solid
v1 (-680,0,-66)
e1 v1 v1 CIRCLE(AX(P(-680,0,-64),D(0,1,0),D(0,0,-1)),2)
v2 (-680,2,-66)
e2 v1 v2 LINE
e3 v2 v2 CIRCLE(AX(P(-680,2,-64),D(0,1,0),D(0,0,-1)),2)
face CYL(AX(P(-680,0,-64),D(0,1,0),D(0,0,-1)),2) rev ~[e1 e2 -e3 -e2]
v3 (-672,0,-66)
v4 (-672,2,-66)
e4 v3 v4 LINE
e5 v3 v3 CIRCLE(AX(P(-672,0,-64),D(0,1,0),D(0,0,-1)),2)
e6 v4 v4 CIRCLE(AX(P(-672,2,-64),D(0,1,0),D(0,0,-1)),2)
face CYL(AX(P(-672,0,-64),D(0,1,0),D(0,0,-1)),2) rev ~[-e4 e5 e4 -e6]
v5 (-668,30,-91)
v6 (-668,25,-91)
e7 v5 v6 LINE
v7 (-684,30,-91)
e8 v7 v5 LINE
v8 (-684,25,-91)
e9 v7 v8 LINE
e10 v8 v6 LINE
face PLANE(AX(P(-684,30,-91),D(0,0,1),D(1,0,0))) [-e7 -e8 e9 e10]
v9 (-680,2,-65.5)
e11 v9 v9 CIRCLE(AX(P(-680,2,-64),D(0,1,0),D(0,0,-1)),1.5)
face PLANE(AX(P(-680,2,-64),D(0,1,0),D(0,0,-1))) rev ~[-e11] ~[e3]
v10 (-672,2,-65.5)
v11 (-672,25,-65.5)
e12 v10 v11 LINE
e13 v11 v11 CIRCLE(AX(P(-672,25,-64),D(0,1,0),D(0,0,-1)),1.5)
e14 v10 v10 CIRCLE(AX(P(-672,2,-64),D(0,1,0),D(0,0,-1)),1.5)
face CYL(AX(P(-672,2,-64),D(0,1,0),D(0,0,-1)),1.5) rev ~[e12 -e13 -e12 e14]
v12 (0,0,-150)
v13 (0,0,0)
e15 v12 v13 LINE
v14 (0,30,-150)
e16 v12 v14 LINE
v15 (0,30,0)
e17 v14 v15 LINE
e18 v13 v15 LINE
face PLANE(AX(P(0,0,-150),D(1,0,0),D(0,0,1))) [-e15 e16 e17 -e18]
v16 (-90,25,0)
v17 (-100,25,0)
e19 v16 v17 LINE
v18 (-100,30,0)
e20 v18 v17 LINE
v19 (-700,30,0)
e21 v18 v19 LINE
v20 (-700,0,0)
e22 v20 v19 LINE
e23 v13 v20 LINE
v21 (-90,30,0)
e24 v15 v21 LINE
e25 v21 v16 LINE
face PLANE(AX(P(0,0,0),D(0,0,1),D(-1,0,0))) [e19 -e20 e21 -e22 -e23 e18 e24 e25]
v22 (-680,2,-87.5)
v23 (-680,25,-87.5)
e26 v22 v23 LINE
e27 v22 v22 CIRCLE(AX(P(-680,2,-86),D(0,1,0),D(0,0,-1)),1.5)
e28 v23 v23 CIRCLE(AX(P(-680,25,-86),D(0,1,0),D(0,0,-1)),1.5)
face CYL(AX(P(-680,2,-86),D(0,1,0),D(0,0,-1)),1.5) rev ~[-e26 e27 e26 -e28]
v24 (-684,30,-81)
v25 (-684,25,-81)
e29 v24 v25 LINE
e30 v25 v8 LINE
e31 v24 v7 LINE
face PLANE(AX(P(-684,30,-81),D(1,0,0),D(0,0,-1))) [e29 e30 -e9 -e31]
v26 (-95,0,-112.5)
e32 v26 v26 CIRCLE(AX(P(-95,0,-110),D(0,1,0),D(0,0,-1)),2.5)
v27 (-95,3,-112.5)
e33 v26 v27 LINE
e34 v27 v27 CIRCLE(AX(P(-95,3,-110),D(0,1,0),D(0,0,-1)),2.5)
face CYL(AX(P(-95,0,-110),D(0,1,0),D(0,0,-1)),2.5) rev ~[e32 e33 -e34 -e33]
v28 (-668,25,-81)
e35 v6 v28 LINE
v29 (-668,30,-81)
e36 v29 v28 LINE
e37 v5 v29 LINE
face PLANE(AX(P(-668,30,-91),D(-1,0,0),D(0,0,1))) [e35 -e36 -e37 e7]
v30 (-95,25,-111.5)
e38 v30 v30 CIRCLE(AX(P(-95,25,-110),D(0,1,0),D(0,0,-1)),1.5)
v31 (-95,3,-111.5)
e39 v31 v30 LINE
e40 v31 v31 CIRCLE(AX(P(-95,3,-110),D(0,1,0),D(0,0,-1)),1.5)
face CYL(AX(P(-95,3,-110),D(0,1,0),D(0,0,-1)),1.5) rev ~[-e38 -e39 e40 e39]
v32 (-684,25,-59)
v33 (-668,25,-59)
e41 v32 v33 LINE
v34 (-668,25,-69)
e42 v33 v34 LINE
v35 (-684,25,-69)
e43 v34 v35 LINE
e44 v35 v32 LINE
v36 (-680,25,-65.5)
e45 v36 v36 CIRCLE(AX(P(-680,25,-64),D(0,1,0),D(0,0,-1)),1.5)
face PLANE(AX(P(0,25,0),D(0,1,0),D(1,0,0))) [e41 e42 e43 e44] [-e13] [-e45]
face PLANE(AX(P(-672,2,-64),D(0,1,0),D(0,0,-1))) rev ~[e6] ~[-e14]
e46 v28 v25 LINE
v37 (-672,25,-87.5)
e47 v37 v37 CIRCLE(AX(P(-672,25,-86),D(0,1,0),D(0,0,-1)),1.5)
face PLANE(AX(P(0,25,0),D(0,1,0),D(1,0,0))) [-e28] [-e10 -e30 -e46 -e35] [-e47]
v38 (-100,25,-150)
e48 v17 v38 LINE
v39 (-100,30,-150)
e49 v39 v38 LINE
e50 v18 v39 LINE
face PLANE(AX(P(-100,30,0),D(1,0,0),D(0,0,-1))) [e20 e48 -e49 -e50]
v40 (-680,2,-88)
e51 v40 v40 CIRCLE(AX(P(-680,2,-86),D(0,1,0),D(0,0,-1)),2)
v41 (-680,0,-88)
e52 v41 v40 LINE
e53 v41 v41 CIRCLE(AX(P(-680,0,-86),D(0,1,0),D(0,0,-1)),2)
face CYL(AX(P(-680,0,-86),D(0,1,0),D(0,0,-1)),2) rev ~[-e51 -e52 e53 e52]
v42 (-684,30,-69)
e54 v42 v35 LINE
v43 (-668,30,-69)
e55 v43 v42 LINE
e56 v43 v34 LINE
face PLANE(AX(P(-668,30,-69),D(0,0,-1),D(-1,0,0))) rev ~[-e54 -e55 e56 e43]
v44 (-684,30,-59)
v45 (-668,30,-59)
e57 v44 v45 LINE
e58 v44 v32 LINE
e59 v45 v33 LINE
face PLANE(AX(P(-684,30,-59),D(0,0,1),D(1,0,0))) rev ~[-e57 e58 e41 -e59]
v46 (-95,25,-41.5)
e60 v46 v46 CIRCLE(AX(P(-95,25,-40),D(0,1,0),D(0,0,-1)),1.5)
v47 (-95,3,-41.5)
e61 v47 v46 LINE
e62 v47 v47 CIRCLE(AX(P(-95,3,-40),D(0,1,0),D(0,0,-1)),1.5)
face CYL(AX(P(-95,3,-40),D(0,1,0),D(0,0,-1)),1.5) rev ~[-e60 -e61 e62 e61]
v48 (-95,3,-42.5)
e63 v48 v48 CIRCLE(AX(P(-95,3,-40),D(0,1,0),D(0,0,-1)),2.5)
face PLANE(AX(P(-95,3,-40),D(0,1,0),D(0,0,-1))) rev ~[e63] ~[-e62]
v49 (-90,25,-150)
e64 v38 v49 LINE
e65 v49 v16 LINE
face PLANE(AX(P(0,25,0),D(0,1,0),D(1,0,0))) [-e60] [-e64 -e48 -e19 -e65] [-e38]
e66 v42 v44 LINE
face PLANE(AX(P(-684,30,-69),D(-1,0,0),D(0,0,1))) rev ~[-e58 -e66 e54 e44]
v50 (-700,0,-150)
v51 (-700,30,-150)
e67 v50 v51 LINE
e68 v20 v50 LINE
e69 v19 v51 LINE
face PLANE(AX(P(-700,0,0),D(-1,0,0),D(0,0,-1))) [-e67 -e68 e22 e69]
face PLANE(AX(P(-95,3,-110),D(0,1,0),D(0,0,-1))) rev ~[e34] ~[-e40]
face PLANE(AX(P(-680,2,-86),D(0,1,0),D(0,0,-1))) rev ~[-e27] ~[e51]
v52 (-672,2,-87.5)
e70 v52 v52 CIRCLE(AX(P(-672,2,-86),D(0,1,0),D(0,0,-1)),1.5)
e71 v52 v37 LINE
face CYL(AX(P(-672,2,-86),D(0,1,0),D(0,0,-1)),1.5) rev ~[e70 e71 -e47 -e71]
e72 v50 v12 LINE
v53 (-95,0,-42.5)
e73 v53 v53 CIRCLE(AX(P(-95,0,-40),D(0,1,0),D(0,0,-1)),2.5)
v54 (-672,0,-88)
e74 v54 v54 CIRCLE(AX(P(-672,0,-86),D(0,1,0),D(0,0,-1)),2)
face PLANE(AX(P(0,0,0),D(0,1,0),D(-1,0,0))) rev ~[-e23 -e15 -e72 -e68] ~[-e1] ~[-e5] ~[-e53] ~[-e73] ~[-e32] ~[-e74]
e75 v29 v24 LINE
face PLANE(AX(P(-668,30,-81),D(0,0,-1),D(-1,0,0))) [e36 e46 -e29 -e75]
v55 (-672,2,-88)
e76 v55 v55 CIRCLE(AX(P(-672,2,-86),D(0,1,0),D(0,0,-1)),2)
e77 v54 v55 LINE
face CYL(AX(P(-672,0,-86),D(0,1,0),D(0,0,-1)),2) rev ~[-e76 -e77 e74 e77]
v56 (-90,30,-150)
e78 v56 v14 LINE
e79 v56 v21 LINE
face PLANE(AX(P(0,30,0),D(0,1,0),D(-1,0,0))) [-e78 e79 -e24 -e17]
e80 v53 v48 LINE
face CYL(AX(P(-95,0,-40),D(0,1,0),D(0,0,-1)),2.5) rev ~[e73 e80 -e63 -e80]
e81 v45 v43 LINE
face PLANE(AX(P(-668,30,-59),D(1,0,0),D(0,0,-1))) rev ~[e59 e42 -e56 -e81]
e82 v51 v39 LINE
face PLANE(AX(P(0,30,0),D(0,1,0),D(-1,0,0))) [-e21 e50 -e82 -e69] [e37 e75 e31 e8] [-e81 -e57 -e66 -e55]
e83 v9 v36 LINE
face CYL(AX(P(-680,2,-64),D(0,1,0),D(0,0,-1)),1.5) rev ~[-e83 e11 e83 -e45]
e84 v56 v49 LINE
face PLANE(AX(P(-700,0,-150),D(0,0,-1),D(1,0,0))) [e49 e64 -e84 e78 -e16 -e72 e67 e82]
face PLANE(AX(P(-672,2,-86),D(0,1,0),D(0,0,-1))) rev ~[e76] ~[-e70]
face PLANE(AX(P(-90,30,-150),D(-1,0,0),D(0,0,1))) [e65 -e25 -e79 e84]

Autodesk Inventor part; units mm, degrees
ref_plane "YZ Plane" through (0, 0, 0) normal (1, 0, 0) x (0, 1, 0)
ref_plane "XZ Plane" through (0, 0, 0) normal (0, 1, 0) x (-1, 0, 0)
ref_plane "XY Plane" through (0, 0, 0) normal (0, 0, 1) x (1, 0, 0)
sketch "Sketch1" plane through (0, 0, 0) normal (0, 1, 0) x (-1, 0, 0)
  line L0 (0, 0) -> (700, 0)
  line L1 (700, 0) -> (700, -150)
  line L2 (700, -150) -> (0, -150)
  line L3 (0, -150) -> (0, 0)
  dimension "d0" = 700
  dimension "d1" = 150
extrude "Extrusion1" add sketch "Sketch1" along normal blind 30
sketch "Sketch2" plane through (0, 30, 0) normal (0, 1, 0) x (1, 0, 0)
  line L0 (-684, 59) -> (-668, 59)
  line L1 (-668, 59) -> (-668, 69)
  line L2 (-668, 69) -> (-684, 69)
  line L3 (-684, 69) -> (-684, 59)
  line L4 (-700, 150) -> (-700, 0) projected
  line L5 (-700, 75) -> (-334.1666, 75) construction
  line L6 (-684, 91) -> (-668, 91)
  line L7 (-668, 91) -> (-668, 81)
  line L8 (-668, 81) -> (-684, 81)
  line L9 (-684, 81) -> (-684, 91)
  point P0 (0, 0)
  dimension "d4" = 6
  dimension "d5" = 16
  dimension "d6" = 16
  dimension "d7" = 10
extrude "Extrusion2" cut sketch "Sketch2" against normal blind 5
sketch "Sketch4" plane through (0, 30, 0) normal (0, 1, 0) x (1, 0, 0)
  line L0 (-100, 150) -> (-90, 150)
  line L1 (-90, 150) -> (-90, 0)
  line L2 (-90, 0) -> (-100, 0)
  line L3 (-100, 0) -> (-100, 150)
  line L4 (-700, 150) -> (-700, 0) projected
  line L5 (0, 150) -> (-700, 150) projected
  point P0 (0, 0)
  dimension "d10" = 600
  dimension "d11" = 10
  dimension "d14" = 0
extrude "Extrusion3" cut sketch "Sketch4" against normal blind 5
sketch "Sketch5" plane through (0, 0, 0) normal (0, -1, 0) x (1, 0, 0)
  line L0 (-90, -150) -> (-90, 0) projected
  line L1 (-700, -150) -> (0, -150) projected
  line L2 (0, 0) -> (-700, 0) projected
  point P0 (-95, -40)
  point P1 (-95, -110)
  dimension "d15" = 5
  dimension "d16" = 5
  dimension "d17" = 40
  dimension "d18" = 40
hole "Hole1" at (-95, 0, -40) at (-95, 0, -110) direction (0, 1, 0) diameter 3 end through all counterbore diameter 5 counterbore depth 3
sketch "Sketch6" plane through (0, 0, 0) normal (0, -1, 0) x (1, 0, 0)
  line L0 (-668, -59) -> (-684, -59) projected
  line L1 (-684, -69) -> (-668, -69) projected
  line L2 (-668, -81) -> (-684, -81) projected
  line L3 (-684, -91) -> (-668, -91) projected
  line L4 (-684, -81) -> (-684, -91) projected
  line L5 (-668, -91) -> (-668, -81) projected
  line L6 (-684, -59) -> (-684, -69) projected
  line L7 (-668, -69) -> (-668, -59) projected
  point P0 (0, 0)
  point P1 (-680, -86)
  point P2 (-672, -86)
  point P3 (-672, -64)
  point P4 (-680, -64)
  dimension "d26" = 5
  dimension "d27" = 5
  dimension "d28" = 5
  dimension "d29" = 5
  dimension "d30" = 4
  dimension "d31" = 4
  dimension "d32" = 4
  dimension "d33" = 4
hole "Hole2" at (-680, 0, -86) at (-672, 0, -86) at (-672, 0, -64) at (-680, 0, -64) direction (0, 1, 0) diameter 3 end through all counterbore diameter 4 counterbore depth 2
properties part number "Base"
